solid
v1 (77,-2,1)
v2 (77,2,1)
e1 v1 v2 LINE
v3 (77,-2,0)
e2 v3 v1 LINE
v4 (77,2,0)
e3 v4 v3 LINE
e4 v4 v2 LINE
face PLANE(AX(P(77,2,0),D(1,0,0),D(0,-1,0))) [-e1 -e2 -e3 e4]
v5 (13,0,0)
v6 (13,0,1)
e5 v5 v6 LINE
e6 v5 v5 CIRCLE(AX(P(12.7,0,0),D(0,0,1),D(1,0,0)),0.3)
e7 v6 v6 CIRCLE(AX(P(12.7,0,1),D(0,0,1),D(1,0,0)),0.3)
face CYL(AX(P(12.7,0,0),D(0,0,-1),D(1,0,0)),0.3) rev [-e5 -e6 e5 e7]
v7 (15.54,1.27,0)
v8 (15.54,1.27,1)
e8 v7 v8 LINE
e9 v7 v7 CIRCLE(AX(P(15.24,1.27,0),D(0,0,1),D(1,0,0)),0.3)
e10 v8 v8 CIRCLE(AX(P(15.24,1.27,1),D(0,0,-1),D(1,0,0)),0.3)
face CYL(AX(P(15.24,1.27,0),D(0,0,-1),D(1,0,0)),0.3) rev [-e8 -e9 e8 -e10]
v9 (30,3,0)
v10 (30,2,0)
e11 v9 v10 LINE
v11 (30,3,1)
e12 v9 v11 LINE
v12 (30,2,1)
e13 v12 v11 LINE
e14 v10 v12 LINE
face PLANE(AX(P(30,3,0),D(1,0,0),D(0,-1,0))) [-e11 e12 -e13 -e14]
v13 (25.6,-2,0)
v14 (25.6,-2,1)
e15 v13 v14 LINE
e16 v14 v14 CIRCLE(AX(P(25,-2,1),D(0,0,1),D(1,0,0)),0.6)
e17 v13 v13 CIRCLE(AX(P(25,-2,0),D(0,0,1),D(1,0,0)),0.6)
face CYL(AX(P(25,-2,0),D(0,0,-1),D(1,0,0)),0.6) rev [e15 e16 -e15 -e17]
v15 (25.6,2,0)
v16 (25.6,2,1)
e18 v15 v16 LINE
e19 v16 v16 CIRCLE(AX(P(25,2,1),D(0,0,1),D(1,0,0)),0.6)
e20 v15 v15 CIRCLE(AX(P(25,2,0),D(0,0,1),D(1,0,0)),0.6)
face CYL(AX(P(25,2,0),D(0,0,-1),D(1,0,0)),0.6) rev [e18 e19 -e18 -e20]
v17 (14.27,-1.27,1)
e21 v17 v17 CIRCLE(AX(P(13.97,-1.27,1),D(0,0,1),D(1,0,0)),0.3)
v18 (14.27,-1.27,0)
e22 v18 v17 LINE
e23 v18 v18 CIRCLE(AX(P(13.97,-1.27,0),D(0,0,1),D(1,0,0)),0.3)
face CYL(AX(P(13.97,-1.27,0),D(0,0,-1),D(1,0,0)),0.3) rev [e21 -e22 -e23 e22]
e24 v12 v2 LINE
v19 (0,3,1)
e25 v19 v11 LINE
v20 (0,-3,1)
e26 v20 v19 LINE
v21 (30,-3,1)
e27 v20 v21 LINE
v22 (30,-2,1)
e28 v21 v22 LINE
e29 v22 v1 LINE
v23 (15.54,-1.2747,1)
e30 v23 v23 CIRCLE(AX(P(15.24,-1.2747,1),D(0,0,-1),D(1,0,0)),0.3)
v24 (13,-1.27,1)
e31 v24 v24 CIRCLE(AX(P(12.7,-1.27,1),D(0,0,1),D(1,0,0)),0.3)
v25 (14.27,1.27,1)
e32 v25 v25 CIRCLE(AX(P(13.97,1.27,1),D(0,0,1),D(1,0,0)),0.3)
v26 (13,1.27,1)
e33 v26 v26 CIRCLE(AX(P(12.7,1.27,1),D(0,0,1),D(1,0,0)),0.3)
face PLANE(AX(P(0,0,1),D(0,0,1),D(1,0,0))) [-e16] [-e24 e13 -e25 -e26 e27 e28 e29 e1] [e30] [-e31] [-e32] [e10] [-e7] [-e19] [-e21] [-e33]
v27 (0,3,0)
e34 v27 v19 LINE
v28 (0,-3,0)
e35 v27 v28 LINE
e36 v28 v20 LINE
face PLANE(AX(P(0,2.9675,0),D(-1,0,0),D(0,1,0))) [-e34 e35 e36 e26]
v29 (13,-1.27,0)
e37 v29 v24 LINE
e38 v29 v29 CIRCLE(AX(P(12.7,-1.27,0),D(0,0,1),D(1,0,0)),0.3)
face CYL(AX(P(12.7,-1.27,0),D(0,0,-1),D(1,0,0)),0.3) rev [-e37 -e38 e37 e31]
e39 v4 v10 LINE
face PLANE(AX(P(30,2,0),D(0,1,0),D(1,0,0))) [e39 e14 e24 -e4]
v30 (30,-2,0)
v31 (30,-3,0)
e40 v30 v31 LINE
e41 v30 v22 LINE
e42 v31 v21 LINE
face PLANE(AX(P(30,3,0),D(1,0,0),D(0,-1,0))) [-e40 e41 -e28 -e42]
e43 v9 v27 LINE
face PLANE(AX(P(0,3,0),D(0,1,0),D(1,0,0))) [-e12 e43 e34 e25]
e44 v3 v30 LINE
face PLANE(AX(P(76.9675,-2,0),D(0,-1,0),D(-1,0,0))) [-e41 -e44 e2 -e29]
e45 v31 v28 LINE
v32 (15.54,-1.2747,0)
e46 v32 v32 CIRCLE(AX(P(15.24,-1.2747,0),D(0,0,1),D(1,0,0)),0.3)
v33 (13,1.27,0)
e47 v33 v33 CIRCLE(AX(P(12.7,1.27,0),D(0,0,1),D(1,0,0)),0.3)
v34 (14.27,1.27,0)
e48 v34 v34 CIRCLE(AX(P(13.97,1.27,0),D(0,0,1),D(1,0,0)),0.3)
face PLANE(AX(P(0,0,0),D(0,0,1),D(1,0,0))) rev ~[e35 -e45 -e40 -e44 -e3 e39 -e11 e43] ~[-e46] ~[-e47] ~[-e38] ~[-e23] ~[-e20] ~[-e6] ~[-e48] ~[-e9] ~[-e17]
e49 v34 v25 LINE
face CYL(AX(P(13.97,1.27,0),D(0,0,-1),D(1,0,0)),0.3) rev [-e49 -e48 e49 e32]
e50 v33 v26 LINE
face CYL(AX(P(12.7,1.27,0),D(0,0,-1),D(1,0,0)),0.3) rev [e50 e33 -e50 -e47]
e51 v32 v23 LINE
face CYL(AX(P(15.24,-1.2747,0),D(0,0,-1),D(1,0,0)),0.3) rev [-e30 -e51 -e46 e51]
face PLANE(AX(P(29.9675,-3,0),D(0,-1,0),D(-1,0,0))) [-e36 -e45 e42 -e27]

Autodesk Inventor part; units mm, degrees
ref_plane "YZ Plane" through (0, 0, 0) normal (1, 0, 0) x (0, 1, 0)
ref_plane "XZ Plane" through (0, 0, 0) normal (0, 1, 0) x (-1, 0, 0)
ref_plane "XY Plane" through (0, 0, 0) normal (0, 0, 1) x (1, 0, 0)
sketch "Skizze1" plane through (0, 0, 0) normal (0, 0, 1) x (1, 0, 0)
  line L0 (0, 3) -> (30, 3)
  arc A0 (30, 2.9625) -> (30, 3.0375) centre (30, 3) ccw
  arc A1 (0, 3.0375) -> (0, 2.9625) centre (0, 3) ccw
  line L1 (30, 3) -> (30, 2)
  line L2 (30, 2) -> (77, 2)
  line L3 (77, 2) -> (77, -2)
  line L4 (77, -2) -> (30, -2)
  line L5 (30, -2) -> (30, -3)
  line L6 (0, -3) -> (0, 3)
  circle A2 centre (25, -2) radius 0.6
  line L7 (30, -3) -> (0, -3)
  arc A3 (0, -3.0325) -> (0, -2.9675) centre (0, -3) ccw
  arc A4 (0, 2.9675) -> (0, 3.0325) centre (0, 3) ccw
  arc A5 (-0.0325, 3) -> (0.0325, 3) centre (0, 3) ccw
  arc A6 (29.9675, 3) -> (30.0325, 3) centre (30, 3) ccw
  arc A7 (29.9675, 2) -> (30.0325, 2) centre (30, 2) ccw
  arc A8 (76.9675, 2) -> (77.0325, 2) centre (77, 2) ccw
  arc A9 (77, 2.0325) -> (77, 1.9675) centre (77, 2) ccw
  arc A10 (77, -1.9675) -> (77, -2.0325) centre (77, -2) ccw
  arc A11 (30, -1.9675) -> (30, -2.0325) centre (30, -2) ccw
  arc A12 (30, -2.9675) -> (30, -3.0325) centre (30, -3) ccw
  circle A13 centre (25, 2) radius 0.6
  arc A14 (25, 1.6492) -> (25, 2.3508) centre (25, 2) ccw
  arc A15 (25, 2.3508) -> (25, 1.6492) centre (25, 2) ccw
  arc A16 (25, -2.3508) -> (25, -1.6492) centre (25, -2) ccw
  arc A17 (25, -1.6492) -> (25, -2.3508) centre (25, -2) ccw
  arc A18 (25, 1.6492) -> (25, 2.3508) centre (25, 2) ccw
  arc A19 (25, 2.3508) -> (25, 1.6492) centre (25, 2) ccw
  arc A20 (25, -2.3508) -> (25, -1.6492) centre (25, -2) ccw
  arc A21 (25, -1.6492) -> (25, -2.3508) centre (25, -2) ccw
  circle A22 centre (12.7, 1.27) radius 0.3
  circle A23 centre (12.7, 0) radius 0.3
  circle A24 centre (12.7, -1.27) radius 0.3
  circle A25 centre (13.97, 1.27) radius 0.3
  circle A26 centre (13.97, -1.27) radius 0.3
  arc A27 (35.0325, 0) -> (34.9675, 0) centre (35, 0) ccw
  arc A28 (72.0325, 0) -> (71.9675, 0) centre (72, 0) ccw
  arc A29 (35.0325, 0) -> (34.9675, 0) centre (35, 0) ccw
  arc A30 (30.0325, -2) -> (29.9675, -2) centre (30, -2) ccw
  line L8 (35, 0) -> (72, 0)
  line L9 (12.1968, -0.5032) -> (13.2032, -0.5032)
  line L10 (13.2032, -0.5032) -> (13.2032, 0.5032)
  line L11 (13.2032, 0.5032) -> (12.1968, 0.5032)
  line L12 (12.1968, 0.5032) -> (12.1968, -0.5032)
  line L13 (12.1968, -0.5032) -> (13.2032, -0.5032)
  line L14 (13.2032, -0.5032) -> (13.2032, 0.5032)
  line L15 (13.2032, 0.5032) -> (12.1968, 0.5032)
  line L16 (12.1968, 0.5032) -> (12.1968, -0.5032)
  line L17 (12.0952, -0.6048) -> (13.3048, -0.6048)
  line L18 (13.3048, -0.6048) -> (13.3048, 0.6048)
  line L19 (13.3048, 0.6048) -> (12.0952, 0.6048)
  line L20 (12.0952, 0.6048) -> (12.0952, -0.6048)
  line L21 (12.0952, -0.6048) -> (13.3048, -0.6048)
  line L22 (13.3048, -0.6048) -> (13.3048, 0.6048)
  line L23 (13.3048, 0.6048) -> (12.0952, 0.6048)
  line L24 (12.0952, 0.6048) -> (12.0952, -0.6048)
  line L25 (12.1968, -1.7732) -> (13.2032, -1.7732)
  line L26 (13.2032, -1.7732) -> (13.2032, -0.7668)
  line L27 (13.2032, -0.7668) -> (12.1968, -0.7668)
  line L28 (12.1968, -0.7668) -> (12.1968, -1.7732)
  line L29 (12.1968, -1.7732) -> (13.2032, -1.7732)
  line L30 (13.2032, -1.7732) -> (13.2032, -0.7668)
  line L31 (13.2032, -0.7668) -> (12.1968, -0.7668)
  line L32 (12.1968, -0.7668) -> (12.1968, -1.7732)
  line L33 (12.0952, -1.8748) -> (13.3048, -1.8748)
  line L34 (13.3048, -1.8748) -> (13.3048, -0.6652)
  line L35 (13.3048, -0.6652) -> (12.0952, -0.6652)
  line L36 (12.0952, -0.6652) -> (12.0952, -1.8748)
  line L37 (12.0952, -1.8748) -> (13.3048, -1.8748)
  line L38 (13.3048, -1.8748) -> (13.3048, -0.6652)
  line L39 (13.3048, -0.6652) -> (12.0952, -0.6652)
  line L40 (12.0952, -0.6652) -> (12.0952, -1.8748)
  line L41 (13.4668, 0.7668) -> (14.4732, 0.7668)
  line L42 (14.4732, 0.7668) -> (14.4732, 1.7732)
  line L43 (14.4732, 1.7732) -> (13.4668, 1.7732)
  line L44 (13.4668, 1.7732) -> (13.4668, 0.7668)
  line L45 (13.4668, 0.7668) -> (14.4732, 0.7668)
  line L46 (14.4732, 0.7668) -> (14.4732, 1.7732)
  line L47 (14.4732, 1.7732) -> (13.4668, 1.7732)
  line L48 (13.4668, 1.7732) -> (13.4668, 0.7668)
  line L49 (13.3652, 0.6652) -> (14.5748, 0.6652)
  line L50 (14.5748, 0.6652) -> (14.5748, 1.8748)
  line L51 (14.5748, 1.8748) -> (13.3652, 1.8748)
  line L52 (13.3652, 1.8748) -> (13.3652, 0.6652)
  line L53 (13.3652, 0.6652) -> (14.5748, 0.6652)
  line L54 (14.5748, 0.6652) -> (14.5748, 1.8748)
  line L55 (14.5748, 1.8748) -> (13.3652, 1.8748)
  line L56 (13.3652, 1.8748) -> (13.3652, 0.6652)
  line L57 (13.4668, -1.7732) -> (14.4732, -1.7732)
  line L58 (14.4732, -1.7732) -> (14.4732, -0.7668)
  line L59 (14.4732, -0.7668) -> (13.4668, -0.7668)
  line L60 (13.4668, -0.7668) -> (13.4668, -1.7732)
  line L61 (13.4668, -1.7732) -> (14.4732, -1.7732)
  line L62 (14.4732, -1.7732) -> (14.4732, -0.7668)
  line L63 (14.4732, -0.7668) -> (13.4668, -0.7668)
  line L64 (13.4668, -0.7668) -> (13.4668, -1.7732)
  line L65 (13.3652, -1.8748) -> (14.5748, -1.8748)
  line L66 (14.5748, -1.8748) -> (14.5748, -0.6652)
  line L67 (14.5748, -0.6652) -> (13.3652, -0.6652)
  line L68 (13.3652, -0.6652) -> (13.3652, -1.8748)
  line L69 (13.3652, -1.8748) -> (14.5748, -1.8748)
  line L70 (14.5748, -1.8748) -> (14.5748, -0.6652)
  line L71 (14.5748, -0.6652) -> (13.3652, -0.6652)
  line L72 (13.3652, -0.6652) -> (13.3652, -1.8748)
  line L73 (12.1968, 0.7668) -> (13.2032, 0.7668)
  line L74 (13.2032, 0.7668) -> (13.2032, 1.7732)
  line L75 (13.2032, 1.7732) -> (12.1968, 1.7732)
  line L76 (12.1968, 1.7732) -> (12.1968, 0.7668)
  line L77 (12.1968, 0.7668) -> (13.2032, 0.7668)
  line L78 (13.2032, 0.7668) -> (13.2032, 1.7732)
  line L79 (13.2032, 1.7732) -> (12.1968, 1.7732)
  line L80 (12.1968, 1.7732) -> (12.1968, 0.7668)
  line L81 (12.0952, 0.6652) -> (13.3048, 0.6652)
  line L82 (13.3048, 0.6652) -> (13.3048, 1.8748)
  line L83 (13.3048, 1.8748) -> (12.0952, 1.8748)
  line L84 (12.0952, 1.8748) -> (12.0952, 0.6652)
  line L85 (12.0952, 0.6652) -> (13.3048, 0.6652)
  line L86 (13.3048, 0.6652) -> (13.3048, 1.8748)
  line L87 (13.3048, 1.8748) -> (12.0952, 1.8748)
  line L88 (12.0952, 1.8748) -> (12.0952, 0.6652)
  line L89 (0, 3) -> (30, 3)
  line L90 (30, 3) -> (30, -3)
  line L91 (30, -3) -> (0, -3)
  line L92 (0, -3) -> (0, 3)
  line L93 (30, 2) -> (77, 2)
  line L94 (77, 2) -> (77, -2)
  line L95 (77, -2) -> (30, -2)
  line L96 (30, -2) -> (30, 2)
  line L97 (14.7384, 0.7621) -> (15.7448, 0.7621)
  line L98 (15.7448, 0.7621) -> (15.7448, 1.7685)
  line L99 (15.7448, 1.7685) -> (14.7384, 1.7685)
  line L100 (14.7384, 1.7685) -> (14.7384, 0.7621)
  line L101 (14.7384, 0.7621) -> (15.7448, 0.7621)
  line L102 (15.7448, 0.7621) -> (15.7448, 1.7685)
  line L103 (15.7448, 1.7685) -> (14.7384, 1.7685)
  line L104 (14.6368, 0.6605) -> (15.8464, 0.6605)
  line L105 (15.8464, 0.6605) -> (15.8464, 1.8701)
  line L106 (15.8464, 1.8701) -> (14.6368, 1.8701)
  line L107 (14.6368, 0.6605) -> (15.8464, 0.6605)
  line L108 (15.8464, 0.6605) -> (15.8464, 1.8701)
  line L109 (15.8464, 1.8701) -> (14.6368, 1.8701)
  line L110 (14.6368, 1.8701) -> (14.6368, 0.6605)
  line L111 (14.7384, -1.7779) -> (15.7448, -1.7779)
  line L112 (15.7448, -1.7779) -> (15.7448, -0.7715)
  line L113 (15.7448, -0.7715) -> (14.7384, -0.7715)
  line L114 (14.7384, -1.7779) -> (15.7448, -1.7779)
  line L115 (15.7448, -1.7779) -> (15.7448, -0.7715)
  line L116 (15.7448, -0.7715) -> (14.7384, -0.7715)
  line L117 (14.7384, -0.7715) -> (14.7384, -1.7779)
  line L118 (14.6368, -1.8795) -> (15.8464, -1.8795)
  line L119 (15.8464, -1.8795) -> (15.8464, -0.6699)
  line L120 (15.8464, -0.6699) -> (14.6368, -0.6699)
  line L121 (14.6368, -1.8795) -> (15.8464, -1.8795)
  line L122 (15.8464, -1.8795) -> (15.8464, -0.6699)
  line L123 (15.8464, -0.6699) -> (14.6368, -0.6699)
  line L124 (14.6368, -0.6699) -> (14.6368, -1.8795)
  circle A31 centre (15.24, 1.27) radius 0.3
  circle A32 centre (15.24, -1.2747) radius 0.3
  point P0 (0, 0)
  dimension "d11" = 0.6
  dimension "d12" = 0.6
  dimension "d13" = 0.6
extrude "Extrusion1" add sketch "Skizze1" along normal blind 1 contours L0 A4 L6 | L0 A6 L1 L90 A11 L5 A12 L7 A3 L6 A4 | L0 L1 A6 | A3 L7 L6 | A12 L5 L7 | L90 L5 A11 | L12 L11 L10 L9 | L20 L19 L18 L17 | L28 L27 L26 L25 | L36 L35 L34 L33 | L44 L43 L42 L41 | L52 L51 L50 L49 | L60 L59 L58 L57 | L68 L67 L66 L65 | L76 L75 L74 L73 | L84 L83 L82 L81 | L100 L99 L98 L97 | L110 L106 L105 L104 | L117 L113 L112 L111 | L124 L120 L119 L118 | A31 | A32
extrude "Extrusion4" add sketch "Skizze1" along normal blind 1 contours L2 A7 L90 | L2 A8 L3 A10 L4 A30 L90 A7 | L2 L3 A8 | A30 L4 L90 | L3 L4 A10
extrude "Extrusion5" cut sketch "Skizze1" along normal blind 10 contours A31 | A32
properties part number "PCB"
